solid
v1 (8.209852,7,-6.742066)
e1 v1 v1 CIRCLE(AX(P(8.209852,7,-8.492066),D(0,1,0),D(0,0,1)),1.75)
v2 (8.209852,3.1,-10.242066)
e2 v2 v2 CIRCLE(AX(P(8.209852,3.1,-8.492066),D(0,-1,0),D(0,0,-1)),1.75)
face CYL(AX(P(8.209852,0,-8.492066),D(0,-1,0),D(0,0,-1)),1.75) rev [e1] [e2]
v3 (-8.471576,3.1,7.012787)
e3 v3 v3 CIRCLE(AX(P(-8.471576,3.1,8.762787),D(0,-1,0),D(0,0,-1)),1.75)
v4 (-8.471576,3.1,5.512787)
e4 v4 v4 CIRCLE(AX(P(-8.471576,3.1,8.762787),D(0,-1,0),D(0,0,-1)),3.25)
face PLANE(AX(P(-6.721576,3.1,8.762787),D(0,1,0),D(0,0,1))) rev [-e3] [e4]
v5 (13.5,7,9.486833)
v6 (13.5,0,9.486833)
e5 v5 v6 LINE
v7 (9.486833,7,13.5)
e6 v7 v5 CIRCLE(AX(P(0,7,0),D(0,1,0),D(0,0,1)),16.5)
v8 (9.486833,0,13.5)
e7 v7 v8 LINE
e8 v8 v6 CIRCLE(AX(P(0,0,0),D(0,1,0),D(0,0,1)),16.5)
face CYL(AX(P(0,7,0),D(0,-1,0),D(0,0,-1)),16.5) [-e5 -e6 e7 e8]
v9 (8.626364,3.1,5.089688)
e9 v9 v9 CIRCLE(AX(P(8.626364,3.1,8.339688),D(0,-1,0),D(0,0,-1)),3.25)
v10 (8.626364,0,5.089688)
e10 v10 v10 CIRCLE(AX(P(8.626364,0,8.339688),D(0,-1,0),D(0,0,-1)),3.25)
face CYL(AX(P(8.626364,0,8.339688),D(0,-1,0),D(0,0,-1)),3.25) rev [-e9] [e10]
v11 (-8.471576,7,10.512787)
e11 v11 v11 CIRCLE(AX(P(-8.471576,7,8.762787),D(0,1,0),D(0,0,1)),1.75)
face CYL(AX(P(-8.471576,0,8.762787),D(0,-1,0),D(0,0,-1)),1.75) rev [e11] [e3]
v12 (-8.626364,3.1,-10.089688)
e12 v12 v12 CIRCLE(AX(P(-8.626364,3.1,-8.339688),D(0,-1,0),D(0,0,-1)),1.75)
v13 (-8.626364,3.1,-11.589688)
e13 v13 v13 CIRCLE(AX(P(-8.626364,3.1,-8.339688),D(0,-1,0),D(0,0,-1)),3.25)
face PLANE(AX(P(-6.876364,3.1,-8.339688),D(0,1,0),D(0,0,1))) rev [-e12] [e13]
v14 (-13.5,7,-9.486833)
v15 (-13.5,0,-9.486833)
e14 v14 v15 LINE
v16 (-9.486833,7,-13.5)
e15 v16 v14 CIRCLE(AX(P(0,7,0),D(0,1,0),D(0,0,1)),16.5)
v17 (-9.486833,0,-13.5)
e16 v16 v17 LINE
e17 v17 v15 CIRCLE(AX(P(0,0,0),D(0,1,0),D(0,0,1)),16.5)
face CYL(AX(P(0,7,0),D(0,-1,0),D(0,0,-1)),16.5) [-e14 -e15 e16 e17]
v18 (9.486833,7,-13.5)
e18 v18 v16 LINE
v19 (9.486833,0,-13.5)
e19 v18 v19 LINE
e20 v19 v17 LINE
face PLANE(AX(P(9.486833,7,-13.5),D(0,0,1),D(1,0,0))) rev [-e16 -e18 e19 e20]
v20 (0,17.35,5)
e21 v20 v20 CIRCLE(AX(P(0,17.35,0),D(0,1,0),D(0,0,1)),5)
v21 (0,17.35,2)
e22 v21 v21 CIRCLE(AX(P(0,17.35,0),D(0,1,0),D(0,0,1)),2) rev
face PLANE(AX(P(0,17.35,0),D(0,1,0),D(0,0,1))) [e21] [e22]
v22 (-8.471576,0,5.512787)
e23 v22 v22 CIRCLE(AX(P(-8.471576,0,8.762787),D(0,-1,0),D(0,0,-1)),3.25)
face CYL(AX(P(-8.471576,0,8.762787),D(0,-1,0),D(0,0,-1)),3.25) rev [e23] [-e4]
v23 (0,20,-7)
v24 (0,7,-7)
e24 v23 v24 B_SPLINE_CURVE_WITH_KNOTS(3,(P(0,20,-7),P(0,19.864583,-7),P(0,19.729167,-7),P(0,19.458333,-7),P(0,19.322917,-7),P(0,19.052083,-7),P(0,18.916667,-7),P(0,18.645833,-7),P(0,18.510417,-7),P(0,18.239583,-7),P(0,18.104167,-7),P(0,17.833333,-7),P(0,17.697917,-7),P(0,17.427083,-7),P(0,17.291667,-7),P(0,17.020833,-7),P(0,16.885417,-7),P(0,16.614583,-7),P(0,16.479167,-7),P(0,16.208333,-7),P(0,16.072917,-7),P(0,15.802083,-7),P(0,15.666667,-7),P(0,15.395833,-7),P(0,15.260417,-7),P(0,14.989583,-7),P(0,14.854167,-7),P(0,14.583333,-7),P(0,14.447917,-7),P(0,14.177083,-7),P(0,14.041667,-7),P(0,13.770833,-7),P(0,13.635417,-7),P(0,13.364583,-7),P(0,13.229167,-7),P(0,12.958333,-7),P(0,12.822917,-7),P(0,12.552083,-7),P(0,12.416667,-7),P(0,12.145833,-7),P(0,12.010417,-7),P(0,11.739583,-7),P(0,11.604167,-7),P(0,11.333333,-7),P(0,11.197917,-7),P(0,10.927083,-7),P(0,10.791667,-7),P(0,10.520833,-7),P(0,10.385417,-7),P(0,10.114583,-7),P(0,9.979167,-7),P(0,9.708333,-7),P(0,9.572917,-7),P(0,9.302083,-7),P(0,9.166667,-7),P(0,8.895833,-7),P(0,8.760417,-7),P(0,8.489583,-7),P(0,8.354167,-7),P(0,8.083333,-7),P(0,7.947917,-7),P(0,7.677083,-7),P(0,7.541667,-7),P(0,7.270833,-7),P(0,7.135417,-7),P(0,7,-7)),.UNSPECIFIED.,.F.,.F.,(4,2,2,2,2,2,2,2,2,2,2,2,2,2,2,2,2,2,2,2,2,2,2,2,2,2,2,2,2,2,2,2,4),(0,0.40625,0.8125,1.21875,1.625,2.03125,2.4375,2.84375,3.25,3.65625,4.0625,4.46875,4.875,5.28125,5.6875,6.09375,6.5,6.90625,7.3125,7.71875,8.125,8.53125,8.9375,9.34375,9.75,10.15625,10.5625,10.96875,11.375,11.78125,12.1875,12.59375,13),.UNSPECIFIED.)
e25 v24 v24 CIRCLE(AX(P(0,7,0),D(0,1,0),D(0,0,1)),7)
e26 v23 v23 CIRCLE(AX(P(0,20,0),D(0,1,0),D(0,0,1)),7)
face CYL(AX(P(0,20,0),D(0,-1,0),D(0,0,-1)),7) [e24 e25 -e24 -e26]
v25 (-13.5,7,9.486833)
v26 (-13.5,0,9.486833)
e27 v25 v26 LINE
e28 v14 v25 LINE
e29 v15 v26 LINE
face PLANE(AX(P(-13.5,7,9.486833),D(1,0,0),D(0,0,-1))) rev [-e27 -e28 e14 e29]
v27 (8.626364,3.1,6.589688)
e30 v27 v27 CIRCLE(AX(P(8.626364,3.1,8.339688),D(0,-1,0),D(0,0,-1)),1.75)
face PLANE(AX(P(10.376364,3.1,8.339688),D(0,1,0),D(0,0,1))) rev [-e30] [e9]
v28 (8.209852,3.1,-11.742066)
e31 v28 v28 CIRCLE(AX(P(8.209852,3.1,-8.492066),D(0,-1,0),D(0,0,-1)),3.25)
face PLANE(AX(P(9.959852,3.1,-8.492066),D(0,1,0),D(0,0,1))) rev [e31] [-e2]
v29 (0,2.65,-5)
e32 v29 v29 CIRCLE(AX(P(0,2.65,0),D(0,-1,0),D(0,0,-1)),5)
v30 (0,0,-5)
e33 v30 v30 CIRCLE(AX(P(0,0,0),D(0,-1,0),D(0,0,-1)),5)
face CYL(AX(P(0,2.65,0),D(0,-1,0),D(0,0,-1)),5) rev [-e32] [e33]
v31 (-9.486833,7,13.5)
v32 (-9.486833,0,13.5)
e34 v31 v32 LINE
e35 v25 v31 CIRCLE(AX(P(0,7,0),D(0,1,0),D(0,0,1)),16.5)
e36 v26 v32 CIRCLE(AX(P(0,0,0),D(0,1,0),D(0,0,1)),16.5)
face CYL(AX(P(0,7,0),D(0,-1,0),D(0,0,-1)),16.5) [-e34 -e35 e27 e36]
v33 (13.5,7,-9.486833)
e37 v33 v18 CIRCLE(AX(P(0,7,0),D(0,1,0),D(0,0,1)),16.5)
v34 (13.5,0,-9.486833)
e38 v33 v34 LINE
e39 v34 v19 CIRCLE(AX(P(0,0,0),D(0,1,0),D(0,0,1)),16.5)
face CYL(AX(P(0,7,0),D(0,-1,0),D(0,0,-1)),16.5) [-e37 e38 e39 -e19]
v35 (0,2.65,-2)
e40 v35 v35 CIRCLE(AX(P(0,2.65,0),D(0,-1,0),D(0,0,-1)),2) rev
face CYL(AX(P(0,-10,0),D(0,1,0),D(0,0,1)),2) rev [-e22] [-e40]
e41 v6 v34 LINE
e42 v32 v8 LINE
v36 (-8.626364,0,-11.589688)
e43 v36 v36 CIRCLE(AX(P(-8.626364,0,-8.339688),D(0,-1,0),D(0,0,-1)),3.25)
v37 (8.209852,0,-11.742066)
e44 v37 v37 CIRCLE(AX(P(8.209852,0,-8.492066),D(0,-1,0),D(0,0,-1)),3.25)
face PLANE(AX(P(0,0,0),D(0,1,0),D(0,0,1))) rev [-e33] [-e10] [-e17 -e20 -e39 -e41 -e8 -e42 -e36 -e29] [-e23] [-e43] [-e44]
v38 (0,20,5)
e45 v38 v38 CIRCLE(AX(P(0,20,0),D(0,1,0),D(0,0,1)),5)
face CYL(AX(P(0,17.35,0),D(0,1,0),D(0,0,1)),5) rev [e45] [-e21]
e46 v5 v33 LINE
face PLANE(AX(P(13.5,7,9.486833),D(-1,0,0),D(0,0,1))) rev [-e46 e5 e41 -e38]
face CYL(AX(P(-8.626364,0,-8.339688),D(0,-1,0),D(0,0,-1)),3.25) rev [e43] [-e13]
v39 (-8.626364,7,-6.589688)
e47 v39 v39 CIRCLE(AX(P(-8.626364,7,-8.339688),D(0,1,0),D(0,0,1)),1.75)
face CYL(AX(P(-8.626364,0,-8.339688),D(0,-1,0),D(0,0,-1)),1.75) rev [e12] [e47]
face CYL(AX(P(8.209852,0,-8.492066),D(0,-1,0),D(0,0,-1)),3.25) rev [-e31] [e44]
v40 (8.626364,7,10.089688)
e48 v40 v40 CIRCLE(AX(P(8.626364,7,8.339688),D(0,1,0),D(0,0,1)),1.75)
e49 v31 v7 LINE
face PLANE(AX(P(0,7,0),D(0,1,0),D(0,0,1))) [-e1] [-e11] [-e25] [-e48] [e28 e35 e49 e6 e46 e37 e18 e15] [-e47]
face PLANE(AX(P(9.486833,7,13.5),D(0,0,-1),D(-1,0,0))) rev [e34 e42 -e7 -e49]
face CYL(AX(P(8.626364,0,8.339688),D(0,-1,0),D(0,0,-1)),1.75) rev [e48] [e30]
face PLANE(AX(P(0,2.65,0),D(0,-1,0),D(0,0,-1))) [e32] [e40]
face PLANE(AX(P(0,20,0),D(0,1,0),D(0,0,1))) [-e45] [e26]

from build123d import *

# Parameters (mm, degrees)
EXTRUDE_1_DEPTH           = 7
SKETCH_6_R                = 7
EXTRUDE_5_DEPTH           = 13
SKETCH_8_R                = 2
CUT_EXTRUDE_2_DEPTH       = 30
SKETCH_9_R                = 5
CUT_EXTRUDE_3_DEPTH       = 2.65
CUT_EXTRUDE_START         = -2.65
SKETCH_10_R               = 5
CUT_EXTRUDE_4_DEPTH       = 2.65
HOLE_WIZARD_2_D           = 3.5
HOLE_WIZARD_2_DEPTH       = 20
HOLE_WIZARD_2_CBORE_D     = 6.5
HOLE_WIZARD_2_CBORE_DEPTH = 3.1
HOLE_WIZARD_2_TIP         = 1.051506083


with BuildPart() as part:
    # 草图1 → 凸台-拉伸1 (new body)
    with BuildSketch(Plane(origin=(0, 0, 0), x_dir=(1, 0, 0), z_dir=(0, 1, 0))):
        with BuildLine():
            Line((9.486832981, -13.5), (-9.486832981, -13.5))
            ThreePointArc((-9.486832981, -13.5), (-11.66726189, -11.66726189), (-13.5, -9.486832981))
            Line((-13.5, -9.486832981), (-13.5, 9.486832981))
            ThreePointArc((-13.5, 9.486832981), (-11.66726189, 11.66726189), (-9.486832981, 13.5))
            Line((-9.486832981, 13.5), (9.486832981, 13.5))
            ThreePointArc((9.486832981, 13.5), (11.66726189, 11.66726189), (13.5, 9.486832981))
            Line((13.5, 9.486832981), (13.5, -9.486832981))
            ThreePointArc((13.5, -9.486832981), (11.66726189, -11.66726189), (9.486832981, -13.5))
        make_face()
    extrude(amount=EXTRUDE_1_DEPTH)

    # 草图6 → 凸台-拉伸5 (add)
    with BuildSketch(Plane(origin=(0, 7, 0), x_dir=(1, 0, 0), z_dir=(0, 1, 0))):
        with Locations(Location((0, 0, 0), (0, 0, 90))):
            Circle(SKETCH_6_R)
    extrude(amount=EXTRUDE_5_DEPTH)

    # 草图8 → 切除-拉伸2 (cut)
    with BuildSketch(Plane(origin=(0, 20, 0), x_dir=(1, 0, 0), z_dir=(0, 1, 0))):
        with Locations(Location((0, 0, 0), (0, 0, 270))):
            Circle(SKETCH_8_R)
    extrude(amount=-CUT_EXTRUDE_2_DEPTH, mode=Mode.SUBTRACT)

    # 草图9 → 切除-拉伸3 (cut)
    with BuildSketch(Plane(origin=(0, 20, 0), x_dir=(1, 0, 0), z_dir=(0, 1, 0))):
        with Locations(Location((0, 0, 0), (0, 0, 270))):
            Circle(SKETCH_9_R)
    extrude(amount=-CUT_EXTRUDE_3_DEPTH, mode=Mode.SUBTRACT)

    # 草图10 → 切除-拉伸4 (cut)
    with BuildSketch(Plane.XZ.offset(CUT_EXTRUDE_START)):
        with Locations(Location((0, 0, 0), (0, 0, 90))):
            Circle(SKETCH_10_R)
    extrude(amount=CUT_EXTRUDE_4_DEPTH, mode=Mode.SUBTRACT)

    # 孔2
    with Locations(Plane(origin=(0, 0, 0), x_dir=(-1, 0, 0), z_dir=(0, -1, 0))):
        with Locations((-8.209852454, 8.492066132), (8.626364404, 8.339687642), (8.471576116, -8.762786544), (-8.626364404, -8.339687642)):
            CounterBoreHole(HOLE_WIZARD_2_D / 2, HOLE_WIZARD_2_CBORE_D / 2, HOLE_WIZARD_2_CBORE_DEPTH, depth=HOLE_WIZARD_2_DEPTH)
            with Locations((0, 0, -(HOLE_WIZARD_2_DEPTH + HOLE_WIZARD_2_TIP / 2))):  # 118° drill point
                Cone(0, HOLE_WIZARD_2_D / 2, HOLE_WIZARD_2_TIP, mode=Mode.SUBTRACT)


solid = part.part
